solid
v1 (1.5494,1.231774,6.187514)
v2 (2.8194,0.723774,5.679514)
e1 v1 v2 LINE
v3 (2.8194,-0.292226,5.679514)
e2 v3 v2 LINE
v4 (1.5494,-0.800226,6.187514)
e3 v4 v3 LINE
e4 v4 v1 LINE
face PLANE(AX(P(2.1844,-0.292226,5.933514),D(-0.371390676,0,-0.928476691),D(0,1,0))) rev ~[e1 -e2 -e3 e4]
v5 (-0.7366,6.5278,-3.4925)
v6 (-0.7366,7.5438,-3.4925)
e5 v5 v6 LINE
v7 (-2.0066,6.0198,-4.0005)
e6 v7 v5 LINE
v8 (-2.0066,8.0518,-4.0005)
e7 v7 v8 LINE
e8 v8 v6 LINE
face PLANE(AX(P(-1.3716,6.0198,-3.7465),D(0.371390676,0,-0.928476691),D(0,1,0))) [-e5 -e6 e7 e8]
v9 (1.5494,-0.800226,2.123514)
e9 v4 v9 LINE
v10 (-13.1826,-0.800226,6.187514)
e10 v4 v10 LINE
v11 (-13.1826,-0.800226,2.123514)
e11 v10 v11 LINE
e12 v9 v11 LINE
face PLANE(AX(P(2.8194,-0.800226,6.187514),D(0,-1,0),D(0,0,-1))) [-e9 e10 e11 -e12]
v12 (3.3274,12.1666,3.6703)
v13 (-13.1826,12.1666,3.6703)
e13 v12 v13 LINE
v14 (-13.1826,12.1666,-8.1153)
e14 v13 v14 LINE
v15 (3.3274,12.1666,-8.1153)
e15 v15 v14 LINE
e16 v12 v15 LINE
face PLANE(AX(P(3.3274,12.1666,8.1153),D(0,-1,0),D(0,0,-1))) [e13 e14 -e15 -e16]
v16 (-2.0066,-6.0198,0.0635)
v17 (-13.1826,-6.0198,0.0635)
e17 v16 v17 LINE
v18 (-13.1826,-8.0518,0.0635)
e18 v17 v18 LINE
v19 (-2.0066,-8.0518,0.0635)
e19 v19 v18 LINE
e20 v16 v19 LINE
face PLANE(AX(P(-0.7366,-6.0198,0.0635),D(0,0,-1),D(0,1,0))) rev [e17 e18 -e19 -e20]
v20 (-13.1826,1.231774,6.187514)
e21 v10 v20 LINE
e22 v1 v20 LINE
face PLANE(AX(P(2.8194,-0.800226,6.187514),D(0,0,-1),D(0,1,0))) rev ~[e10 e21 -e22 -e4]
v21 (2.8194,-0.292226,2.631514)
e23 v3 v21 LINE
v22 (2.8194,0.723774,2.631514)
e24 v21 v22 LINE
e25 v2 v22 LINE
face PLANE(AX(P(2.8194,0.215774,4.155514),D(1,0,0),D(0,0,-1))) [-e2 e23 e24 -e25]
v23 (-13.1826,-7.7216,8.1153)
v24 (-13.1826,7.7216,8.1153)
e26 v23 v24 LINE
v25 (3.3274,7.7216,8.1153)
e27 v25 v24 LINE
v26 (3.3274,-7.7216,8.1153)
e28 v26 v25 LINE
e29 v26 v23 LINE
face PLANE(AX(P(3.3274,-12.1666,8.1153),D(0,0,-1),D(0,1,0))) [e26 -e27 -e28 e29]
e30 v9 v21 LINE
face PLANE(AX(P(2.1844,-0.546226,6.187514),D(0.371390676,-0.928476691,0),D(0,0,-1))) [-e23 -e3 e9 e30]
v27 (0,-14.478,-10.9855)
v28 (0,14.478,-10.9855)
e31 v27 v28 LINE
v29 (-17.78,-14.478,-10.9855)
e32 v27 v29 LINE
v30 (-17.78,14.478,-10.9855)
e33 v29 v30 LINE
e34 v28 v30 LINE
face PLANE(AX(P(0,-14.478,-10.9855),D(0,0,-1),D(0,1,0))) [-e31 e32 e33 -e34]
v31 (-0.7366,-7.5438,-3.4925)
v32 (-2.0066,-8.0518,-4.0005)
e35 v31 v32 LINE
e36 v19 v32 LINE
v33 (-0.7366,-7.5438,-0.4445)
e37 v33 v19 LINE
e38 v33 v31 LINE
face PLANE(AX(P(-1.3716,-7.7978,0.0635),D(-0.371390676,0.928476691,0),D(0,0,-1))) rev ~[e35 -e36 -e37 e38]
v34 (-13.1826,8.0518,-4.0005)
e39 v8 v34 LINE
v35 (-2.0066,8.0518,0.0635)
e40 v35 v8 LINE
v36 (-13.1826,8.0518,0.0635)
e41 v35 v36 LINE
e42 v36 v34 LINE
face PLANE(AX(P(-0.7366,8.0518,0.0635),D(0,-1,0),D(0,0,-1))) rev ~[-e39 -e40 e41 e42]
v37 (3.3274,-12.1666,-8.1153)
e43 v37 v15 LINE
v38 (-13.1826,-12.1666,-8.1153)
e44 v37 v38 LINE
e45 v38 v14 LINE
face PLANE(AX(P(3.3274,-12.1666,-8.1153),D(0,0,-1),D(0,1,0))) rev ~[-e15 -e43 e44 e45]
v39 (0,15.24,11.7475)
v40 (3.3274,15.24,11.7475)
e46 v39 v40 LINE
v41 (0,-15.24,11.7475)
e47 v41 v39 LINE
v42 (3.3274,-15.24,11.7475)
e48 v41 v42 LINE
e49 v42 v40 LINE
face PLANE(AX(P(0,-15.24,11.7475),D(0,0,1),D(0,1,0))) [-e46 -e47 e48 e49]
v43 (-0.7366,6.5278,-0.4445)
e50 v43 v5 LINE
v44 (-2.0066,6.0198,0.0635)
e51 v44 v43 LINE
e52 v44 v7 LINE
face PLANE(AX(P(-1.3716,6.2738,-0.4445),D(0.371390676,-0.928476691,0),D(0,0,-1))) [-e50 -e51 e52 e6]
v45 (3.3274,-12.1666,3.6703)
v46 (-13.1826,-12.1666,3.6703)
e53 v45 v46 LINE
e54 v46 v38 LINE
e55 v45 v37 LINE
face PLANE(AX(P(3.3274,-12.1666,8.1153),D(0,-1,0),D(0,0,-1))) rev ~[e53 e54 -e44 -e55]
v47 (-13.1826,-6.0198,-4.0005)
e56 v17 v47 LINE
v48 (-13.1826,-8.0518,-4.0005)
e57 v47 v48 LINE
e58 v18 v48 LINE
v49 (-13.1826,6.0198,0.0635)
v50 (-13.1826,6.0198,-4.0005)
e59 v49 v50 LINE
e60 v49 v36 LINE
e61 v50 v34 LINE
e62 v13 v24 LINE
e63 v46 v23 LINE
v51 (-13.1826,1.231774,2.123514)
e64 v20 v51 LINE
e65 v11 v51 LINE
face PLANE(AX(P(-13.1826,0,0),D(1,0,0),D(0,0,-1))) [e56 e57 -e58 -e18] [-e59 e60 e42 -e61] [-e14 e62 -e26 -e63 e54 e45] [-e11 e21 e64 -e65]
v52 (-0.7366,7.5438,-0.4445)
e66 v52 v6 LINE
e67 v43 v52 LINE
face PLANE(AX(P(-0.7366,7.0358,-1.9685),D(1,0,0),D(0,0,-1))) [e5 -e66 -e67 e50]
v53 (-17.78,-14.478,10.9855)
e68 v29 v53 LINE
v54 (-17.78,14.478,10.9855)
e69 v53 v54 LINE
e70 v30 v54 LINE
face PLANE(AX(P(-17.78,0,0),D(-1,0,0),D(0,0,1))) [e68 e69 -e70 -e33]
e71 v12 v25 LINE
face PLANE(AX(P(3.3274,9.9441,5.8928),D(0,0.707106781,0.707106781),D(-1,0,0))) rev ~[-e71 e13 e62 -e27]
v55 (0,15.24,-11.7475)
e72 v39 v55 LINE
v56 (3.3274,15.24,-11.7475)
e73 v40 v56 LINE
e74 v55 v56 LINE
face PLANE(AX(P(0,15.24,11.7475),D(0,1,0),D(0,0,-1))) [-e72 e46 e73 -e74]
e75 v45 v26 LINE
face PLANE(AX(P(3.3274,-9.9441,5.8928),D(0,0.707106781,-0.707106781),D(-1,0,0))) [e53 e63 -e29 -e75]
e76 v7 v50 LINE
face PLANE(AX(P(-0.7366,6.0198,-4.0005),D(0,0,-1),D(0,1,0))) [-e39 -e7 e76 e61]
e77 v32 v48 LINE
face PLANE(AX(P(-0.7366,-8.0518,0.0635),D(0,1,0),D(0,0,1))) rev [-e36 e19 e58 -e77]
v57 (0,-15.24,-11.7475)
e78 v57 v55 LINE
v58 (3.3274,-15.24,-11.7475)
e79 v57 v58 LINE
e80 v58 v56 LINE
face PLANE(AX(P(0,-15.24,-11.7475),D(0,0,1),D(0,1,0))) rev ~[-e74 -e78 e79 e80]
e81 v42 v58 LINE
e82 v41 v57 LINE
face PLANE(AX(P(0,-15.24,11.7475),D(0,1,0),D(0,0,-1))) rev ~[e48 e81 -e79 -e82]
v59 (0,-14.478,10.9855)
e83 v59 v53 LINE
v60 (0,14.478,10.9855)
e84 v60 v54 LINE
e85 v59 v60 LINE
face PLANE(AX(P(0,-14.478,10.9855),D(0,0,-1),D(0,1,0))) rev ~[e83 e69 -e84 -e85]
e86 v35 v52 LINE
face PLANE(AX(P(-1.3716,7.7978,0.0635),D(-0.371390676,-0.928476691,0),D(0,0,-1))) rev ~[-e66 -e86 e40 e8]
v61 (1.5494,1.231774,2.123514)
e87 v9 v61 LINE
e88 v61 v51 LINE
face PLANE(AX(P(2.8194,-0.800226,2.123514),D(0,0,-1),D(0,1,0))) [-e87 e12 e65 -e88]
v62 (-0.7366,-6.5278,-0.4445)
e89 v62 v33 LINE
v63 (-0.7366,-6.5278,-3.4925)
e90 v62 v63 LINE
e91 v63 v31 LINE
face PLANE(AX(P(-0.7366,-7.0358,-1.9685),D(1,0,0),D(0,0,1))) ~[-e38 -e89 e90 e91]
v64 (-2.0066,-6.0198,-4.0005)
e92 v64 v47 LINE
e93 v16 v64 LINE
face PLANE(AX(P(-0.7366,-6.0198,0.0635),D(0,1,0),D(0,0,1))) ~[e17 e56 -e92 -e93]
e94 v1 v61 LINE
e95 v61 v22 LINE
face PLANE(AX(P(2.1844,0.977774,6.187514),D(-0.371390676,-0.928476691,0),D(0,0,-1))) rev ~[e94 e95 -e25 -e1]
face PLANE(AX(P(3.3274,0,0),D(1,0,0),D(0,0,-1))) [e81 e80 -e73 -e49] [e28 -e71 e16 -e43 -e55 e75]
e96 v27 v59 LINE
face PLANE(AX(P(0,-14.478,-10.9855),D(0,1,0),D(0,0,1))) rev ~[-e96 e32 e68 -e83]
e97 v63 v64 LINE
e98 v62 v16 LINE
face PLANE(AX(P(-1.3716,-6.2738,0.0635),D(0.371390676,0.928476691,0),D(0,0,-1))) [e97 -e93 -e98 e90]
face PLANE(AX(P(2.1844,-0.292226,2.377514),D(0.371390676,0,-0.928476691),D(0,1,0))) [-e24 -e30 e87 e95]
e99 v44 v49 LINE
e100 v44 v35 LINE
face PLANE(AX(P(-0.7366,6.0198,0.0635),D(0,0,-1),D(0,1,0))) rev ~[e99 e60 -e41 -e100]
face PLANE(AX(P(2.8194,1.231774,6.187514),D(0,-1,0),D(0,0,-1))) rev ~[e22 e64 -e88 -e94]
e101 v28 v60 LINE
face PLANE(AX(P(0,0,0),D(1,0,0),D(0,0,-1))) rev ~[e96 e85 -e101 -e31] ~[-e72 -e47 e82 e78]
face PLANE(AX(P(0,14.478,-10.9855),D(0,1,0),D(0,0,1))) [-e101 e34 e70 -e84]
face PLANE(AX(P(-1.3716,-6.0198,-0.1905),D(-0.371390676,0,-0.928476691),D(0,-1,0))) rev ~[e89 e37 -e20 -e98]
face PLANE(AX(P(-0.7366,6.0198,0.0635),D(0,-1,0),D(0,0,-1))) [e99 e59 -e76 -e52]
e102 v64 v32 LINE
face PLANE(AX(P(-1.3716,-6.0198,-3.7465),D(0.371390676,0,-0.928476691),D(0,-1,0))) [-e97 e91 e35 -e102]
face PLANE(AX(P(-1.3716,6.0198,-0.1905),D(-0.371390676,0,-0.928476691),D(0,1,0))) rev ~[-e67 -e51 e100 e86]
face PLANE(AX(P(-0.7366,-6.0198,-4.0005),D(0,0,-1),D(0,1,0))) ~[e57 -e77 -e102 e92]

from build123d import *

# Parameters (mm, degrees)
SKETCH1_W             = 23.495
SKETCH1_H             = 30.48
BOSS_EXTRUDE1_DEPTH   = 3.3274
SKETCH2_W             = 21.971
SKETCH2_H             = 28.956
BOSS_EXTRUDE2_DEPTH   = 17.78
SKETCH3_W             = 16.2306
SKETCH3_H             = 24.3332
CUT_EXTRUDE1_DEPTH    = 16.51
CHAMFER1_SIZE         = 4.445
SKETCH4_W             = 4.064
SKETCH4_H             = 2.032
BOSS_EXTRUDE3_DEPTH   = 16.002
CHAMFER2_SIZE         = 1.27
CHAMFER2_SIZE2        = 0.508
CHAMFER2_PART_2_SIZE  = 1.27
CHAMFER2_PART_2_SIZE2 = 0.508
CHAMFER3_SIZE         = 1.27
CHAMFER3_SIZE2        = 0.508
CHAMFER3_PART_2_SIZE  = 1.27
CHAMFER3_PART_2_SIZE2 = 0.508
SKETCH5_W             = 4.064
SKETCH5_H             = 2.032
BOSS_EXTRUDE4_DEPTH   = 12.446
CHAMFER4_SIZE         = 1.27
CHAMFER4_SIZE2        = 0.508
CHAMFER4_PART_2_SIZE  = 1.27
CHAMFER4_PART_2_SIZE2 = 0.508
CHAMFER4_PART_3_SIZE  = 1.27
CHAMFER4_PART_3_SIZE2 = 0.508
CHAMFER4_PART_4_SIZE  = 1.27
CHAMFER4_PART_4_SIZE2 = 0.508
CHAMFER5_SIZE         = 0.508
CHAMFER5_SIZE2        = 1.27


with BuildPart() as part:
    # Sketch1 → Boss-Extrude1 (new body)
    with BuildSketch(Plane(origin=(0, 0, 0), x_dir=(0, 0, -1), z_dir=(1, 0, 0))):
        Rectangle(SKETCH1_W, SKETCH1_H)
    extrude(amount=BOSS_EXTRUDE1_DEPTH)

    # Sketch2 → Boss-Extrude2 (add)
    with BuildSketch(Plane.ZY):
        Rectangle(SKETCH2_W, SKETCH2_H)
    extrude(amount=BOSS_EXTRUDE2_DEPTH)

    # Sketch3 → Cut-Extrude1 (cut)
    with BuildSketch(Plane(origin=(3.3274, 0, 0), x_dir=(0, 0, -1), z_dir=(1, 0, 0))):
        Rectangle(SKETCH3_W, SKETCH3_H)
    extrude(amount=-CUT_EXTRUDE1_DEPTH, mode=Mode.SUBTRACT)

    # Chamfer1
    chamfer1_edges = [part.edges().sort_by_distance(p)[0] for p in [
        (-4.9276, -12.1666, 8.1153),
        (-4.9276, 12.1666, 8.1153),
    ]]
    chamfer(chamfer1_edges, length=CHAMFER1_SIZE)

    # Sketch4 → Boss-Extrude3 (add)
    with BuildSketch(Plane(origin=(2.8194, 0, 0), x_dir=(0, 0, -1), z_dir=(1, 0, 0))):
        with Locations((-4.155513801, 0.215773581)):
            Rectangle(SKETCH4_W, SKETCH4_H)
    extrude(amount=-BOSS_EXTRUDE3_DEPTH)

    # Chamfer2
    chamfer2_edges = [part.edges().sort_by_distance(p)[0] for p in [
        (2.8194, 1.231773581, 4.155513801),
    ]]
    chamfer2_side = [part.faces().sort_by_distance(p)[0] for p in [
        (-5.1816, 1.231773581, 4.155513801),
    ]]
    chamfer(chamfer2_edges, length=CHAMFER2_SIZE, length2=CHAMFER2_SIZE2, reference=chamfer2_side[0])

    # Chamfer2 part 2
    chamfer2_part_2_edges = [part.edges().sort_by_distance(p)[0] for p in [
        (2.8194, -0.800226419, 4.155513801),
    ]]
    chamfer2_part_2_side = [part.faces().sort_by_distance(p)[0] for p in [
        (-5.1816, -0.800226419, 4.155513801),
    ]]
    chamfer(chamfer2_part_2_edges, length=CHAMFER2_PART_2_SIZE, length2=CHAMFER2_PART_2_SIZE2, reference=chamfer2_part_2_side[0])

    # Chamfer3
    chamfer3_edges = [part.edges().sort_by_distance(p)[0] for p in [
        (2.8194, 0.215773581, 2.123513801),
    ]]
    chamfer3_side = [part.faces().sort_by_distance(p)[0] for p in [
        (-5.334994062, 0.215773581, 2.123513801),
    ]]
    chamfer(chamfer3_edges, length=CHAMFER3_SIZE, length2=CHAMFER3_SIZE2, reference=chamfer3_side[0])

    # Chamfer3 part 2
    chamfer3_part_2_edges = [part.edges().sort_by_distance(p)[0] for p in [
        (2.8194, 0.215773581, 6.187513801),
    ]]
    chamfer3_part_2_side = [part.faces().sort_by_distance(p)[0] for p in [
        (-5.334994062, 0.215773581, 6.187513801),
    ]]
    chamfer(chamfer3_part_2_edges, length=CHAMFER3_PART_2_SIZE, length2=CHAMFER3_PART_2_SIZE2, reference=chamfer3_part_2_side[0])

    # Sketch5 → Boss-Extrude4 (add)
    with BuildSketch(Plane(origin=(-0.7366, 0, 0), x_dir=(0, 0, -1), z_dir=(1, 0, 0))):
        with Locations((1.9685, 7.0358)):
            Rectangle(SKETCH5_W, SKETCH5_H)
    boss_extrude4 = extrude(amount=-BOSS_EXTRUDE4_DEPTH)

    # Chamfer4
    chamfer4_edges = [part.edges().sort_by_distance(p)[0] for p in [
        (-0.7366, 7.0358, -4.0005),
    ]]
    chamfer4_side = [part.faces().sort_by_distance(p)[0] for p in [
        (-6.9596, 7.0358, -4.0005),
    ]]
    chamfer(chamfer4_edges, length=CHAMFER4_SIZE, length2=CHAMFER4_SIZE2, reference=chamfer4_side[0])

    # Chamfer4 part 2
    chamfer4_part_2_edges = [part.edges().sort_by_distance(p)[0] for p in [
        (-0.7366, 8.0518, -1.9685),
    ]]
    chamfer4_part_2_side = [part.faces().sort_by_distance(p)[0] for p in [
        (-6.9596, 8.0518, -1.9685),
    ]]
    chamfer(chamfer4_part_2_edges, length=CHAMFER4_PART_2_SIZE, length2=CHAMFER4_PART_2_SIZE2, reference=chamfer4_part_2_side[0])

    # Chamfer4 part 3
    chamfer4_part_3_edges = [part.edges().sort_by_distance(p)[0] for p in [
        (-0.7366, 7.0358, 0.0635),
    ]]
    chamfer4_part_3_side = [part.faces().sort_by_distance(p)[0] for p in [
        (-6.9596, 7.0358, 0.0635),
    ]]
    chamfer(chamfer4_part_3_edges, length=CHAMFER4_PART_3_SIZE, length2=CHAMFER4_PART_3_SIZE2, reference=chamfer4_part_3_side[0])

    # Chamfer4 part 4
    chamfer4_part_4_edges = [part.edges().sort_by_distance(p)[0] for p in [
        (-0.7366, 6.0198, -1.9685),
    ]]
    chamfer4_part_4_side = [part.faces().sort_by_distance(p)[0] for p in [
        (-6.9596, 6.0198, -1.9685),
    ]]
    chamfer(chamfer4_part_4_edges, length=CHAMFER4_PART_4_SIZE, length2=CHAMFER4_PART_4_SIZE2, reference=chamfer4_part_4_side[0])

    # Mirror7: Boss-Extrude4 across plane
    add(boss_extrude4.mirror(Plane.ZX))

    # Chamfer5
    chamfer5_edges = [part.edges().sort_by_distance(p)[0] for p in [
        (-0.7366, -7.0358, -4.0005),
        (-0.7366, -8.0518, -1.9685),
        (-0.7366, -7.0358, 0.0635),
        (-0.7366, -6.0198, -1.9685),
    ]]
    chamfer5_side = [part.faces().sort_by_distance(p)[0] for p in [
        (-0.7366, -7.0358, -1.9685),
    ]]
    chamfer(chamfer5_edges, length=CHAMFER5_SIZE, length2=CHAMFER5_SIZE2, reference=chamfer5_side[0])


solid = part.part
